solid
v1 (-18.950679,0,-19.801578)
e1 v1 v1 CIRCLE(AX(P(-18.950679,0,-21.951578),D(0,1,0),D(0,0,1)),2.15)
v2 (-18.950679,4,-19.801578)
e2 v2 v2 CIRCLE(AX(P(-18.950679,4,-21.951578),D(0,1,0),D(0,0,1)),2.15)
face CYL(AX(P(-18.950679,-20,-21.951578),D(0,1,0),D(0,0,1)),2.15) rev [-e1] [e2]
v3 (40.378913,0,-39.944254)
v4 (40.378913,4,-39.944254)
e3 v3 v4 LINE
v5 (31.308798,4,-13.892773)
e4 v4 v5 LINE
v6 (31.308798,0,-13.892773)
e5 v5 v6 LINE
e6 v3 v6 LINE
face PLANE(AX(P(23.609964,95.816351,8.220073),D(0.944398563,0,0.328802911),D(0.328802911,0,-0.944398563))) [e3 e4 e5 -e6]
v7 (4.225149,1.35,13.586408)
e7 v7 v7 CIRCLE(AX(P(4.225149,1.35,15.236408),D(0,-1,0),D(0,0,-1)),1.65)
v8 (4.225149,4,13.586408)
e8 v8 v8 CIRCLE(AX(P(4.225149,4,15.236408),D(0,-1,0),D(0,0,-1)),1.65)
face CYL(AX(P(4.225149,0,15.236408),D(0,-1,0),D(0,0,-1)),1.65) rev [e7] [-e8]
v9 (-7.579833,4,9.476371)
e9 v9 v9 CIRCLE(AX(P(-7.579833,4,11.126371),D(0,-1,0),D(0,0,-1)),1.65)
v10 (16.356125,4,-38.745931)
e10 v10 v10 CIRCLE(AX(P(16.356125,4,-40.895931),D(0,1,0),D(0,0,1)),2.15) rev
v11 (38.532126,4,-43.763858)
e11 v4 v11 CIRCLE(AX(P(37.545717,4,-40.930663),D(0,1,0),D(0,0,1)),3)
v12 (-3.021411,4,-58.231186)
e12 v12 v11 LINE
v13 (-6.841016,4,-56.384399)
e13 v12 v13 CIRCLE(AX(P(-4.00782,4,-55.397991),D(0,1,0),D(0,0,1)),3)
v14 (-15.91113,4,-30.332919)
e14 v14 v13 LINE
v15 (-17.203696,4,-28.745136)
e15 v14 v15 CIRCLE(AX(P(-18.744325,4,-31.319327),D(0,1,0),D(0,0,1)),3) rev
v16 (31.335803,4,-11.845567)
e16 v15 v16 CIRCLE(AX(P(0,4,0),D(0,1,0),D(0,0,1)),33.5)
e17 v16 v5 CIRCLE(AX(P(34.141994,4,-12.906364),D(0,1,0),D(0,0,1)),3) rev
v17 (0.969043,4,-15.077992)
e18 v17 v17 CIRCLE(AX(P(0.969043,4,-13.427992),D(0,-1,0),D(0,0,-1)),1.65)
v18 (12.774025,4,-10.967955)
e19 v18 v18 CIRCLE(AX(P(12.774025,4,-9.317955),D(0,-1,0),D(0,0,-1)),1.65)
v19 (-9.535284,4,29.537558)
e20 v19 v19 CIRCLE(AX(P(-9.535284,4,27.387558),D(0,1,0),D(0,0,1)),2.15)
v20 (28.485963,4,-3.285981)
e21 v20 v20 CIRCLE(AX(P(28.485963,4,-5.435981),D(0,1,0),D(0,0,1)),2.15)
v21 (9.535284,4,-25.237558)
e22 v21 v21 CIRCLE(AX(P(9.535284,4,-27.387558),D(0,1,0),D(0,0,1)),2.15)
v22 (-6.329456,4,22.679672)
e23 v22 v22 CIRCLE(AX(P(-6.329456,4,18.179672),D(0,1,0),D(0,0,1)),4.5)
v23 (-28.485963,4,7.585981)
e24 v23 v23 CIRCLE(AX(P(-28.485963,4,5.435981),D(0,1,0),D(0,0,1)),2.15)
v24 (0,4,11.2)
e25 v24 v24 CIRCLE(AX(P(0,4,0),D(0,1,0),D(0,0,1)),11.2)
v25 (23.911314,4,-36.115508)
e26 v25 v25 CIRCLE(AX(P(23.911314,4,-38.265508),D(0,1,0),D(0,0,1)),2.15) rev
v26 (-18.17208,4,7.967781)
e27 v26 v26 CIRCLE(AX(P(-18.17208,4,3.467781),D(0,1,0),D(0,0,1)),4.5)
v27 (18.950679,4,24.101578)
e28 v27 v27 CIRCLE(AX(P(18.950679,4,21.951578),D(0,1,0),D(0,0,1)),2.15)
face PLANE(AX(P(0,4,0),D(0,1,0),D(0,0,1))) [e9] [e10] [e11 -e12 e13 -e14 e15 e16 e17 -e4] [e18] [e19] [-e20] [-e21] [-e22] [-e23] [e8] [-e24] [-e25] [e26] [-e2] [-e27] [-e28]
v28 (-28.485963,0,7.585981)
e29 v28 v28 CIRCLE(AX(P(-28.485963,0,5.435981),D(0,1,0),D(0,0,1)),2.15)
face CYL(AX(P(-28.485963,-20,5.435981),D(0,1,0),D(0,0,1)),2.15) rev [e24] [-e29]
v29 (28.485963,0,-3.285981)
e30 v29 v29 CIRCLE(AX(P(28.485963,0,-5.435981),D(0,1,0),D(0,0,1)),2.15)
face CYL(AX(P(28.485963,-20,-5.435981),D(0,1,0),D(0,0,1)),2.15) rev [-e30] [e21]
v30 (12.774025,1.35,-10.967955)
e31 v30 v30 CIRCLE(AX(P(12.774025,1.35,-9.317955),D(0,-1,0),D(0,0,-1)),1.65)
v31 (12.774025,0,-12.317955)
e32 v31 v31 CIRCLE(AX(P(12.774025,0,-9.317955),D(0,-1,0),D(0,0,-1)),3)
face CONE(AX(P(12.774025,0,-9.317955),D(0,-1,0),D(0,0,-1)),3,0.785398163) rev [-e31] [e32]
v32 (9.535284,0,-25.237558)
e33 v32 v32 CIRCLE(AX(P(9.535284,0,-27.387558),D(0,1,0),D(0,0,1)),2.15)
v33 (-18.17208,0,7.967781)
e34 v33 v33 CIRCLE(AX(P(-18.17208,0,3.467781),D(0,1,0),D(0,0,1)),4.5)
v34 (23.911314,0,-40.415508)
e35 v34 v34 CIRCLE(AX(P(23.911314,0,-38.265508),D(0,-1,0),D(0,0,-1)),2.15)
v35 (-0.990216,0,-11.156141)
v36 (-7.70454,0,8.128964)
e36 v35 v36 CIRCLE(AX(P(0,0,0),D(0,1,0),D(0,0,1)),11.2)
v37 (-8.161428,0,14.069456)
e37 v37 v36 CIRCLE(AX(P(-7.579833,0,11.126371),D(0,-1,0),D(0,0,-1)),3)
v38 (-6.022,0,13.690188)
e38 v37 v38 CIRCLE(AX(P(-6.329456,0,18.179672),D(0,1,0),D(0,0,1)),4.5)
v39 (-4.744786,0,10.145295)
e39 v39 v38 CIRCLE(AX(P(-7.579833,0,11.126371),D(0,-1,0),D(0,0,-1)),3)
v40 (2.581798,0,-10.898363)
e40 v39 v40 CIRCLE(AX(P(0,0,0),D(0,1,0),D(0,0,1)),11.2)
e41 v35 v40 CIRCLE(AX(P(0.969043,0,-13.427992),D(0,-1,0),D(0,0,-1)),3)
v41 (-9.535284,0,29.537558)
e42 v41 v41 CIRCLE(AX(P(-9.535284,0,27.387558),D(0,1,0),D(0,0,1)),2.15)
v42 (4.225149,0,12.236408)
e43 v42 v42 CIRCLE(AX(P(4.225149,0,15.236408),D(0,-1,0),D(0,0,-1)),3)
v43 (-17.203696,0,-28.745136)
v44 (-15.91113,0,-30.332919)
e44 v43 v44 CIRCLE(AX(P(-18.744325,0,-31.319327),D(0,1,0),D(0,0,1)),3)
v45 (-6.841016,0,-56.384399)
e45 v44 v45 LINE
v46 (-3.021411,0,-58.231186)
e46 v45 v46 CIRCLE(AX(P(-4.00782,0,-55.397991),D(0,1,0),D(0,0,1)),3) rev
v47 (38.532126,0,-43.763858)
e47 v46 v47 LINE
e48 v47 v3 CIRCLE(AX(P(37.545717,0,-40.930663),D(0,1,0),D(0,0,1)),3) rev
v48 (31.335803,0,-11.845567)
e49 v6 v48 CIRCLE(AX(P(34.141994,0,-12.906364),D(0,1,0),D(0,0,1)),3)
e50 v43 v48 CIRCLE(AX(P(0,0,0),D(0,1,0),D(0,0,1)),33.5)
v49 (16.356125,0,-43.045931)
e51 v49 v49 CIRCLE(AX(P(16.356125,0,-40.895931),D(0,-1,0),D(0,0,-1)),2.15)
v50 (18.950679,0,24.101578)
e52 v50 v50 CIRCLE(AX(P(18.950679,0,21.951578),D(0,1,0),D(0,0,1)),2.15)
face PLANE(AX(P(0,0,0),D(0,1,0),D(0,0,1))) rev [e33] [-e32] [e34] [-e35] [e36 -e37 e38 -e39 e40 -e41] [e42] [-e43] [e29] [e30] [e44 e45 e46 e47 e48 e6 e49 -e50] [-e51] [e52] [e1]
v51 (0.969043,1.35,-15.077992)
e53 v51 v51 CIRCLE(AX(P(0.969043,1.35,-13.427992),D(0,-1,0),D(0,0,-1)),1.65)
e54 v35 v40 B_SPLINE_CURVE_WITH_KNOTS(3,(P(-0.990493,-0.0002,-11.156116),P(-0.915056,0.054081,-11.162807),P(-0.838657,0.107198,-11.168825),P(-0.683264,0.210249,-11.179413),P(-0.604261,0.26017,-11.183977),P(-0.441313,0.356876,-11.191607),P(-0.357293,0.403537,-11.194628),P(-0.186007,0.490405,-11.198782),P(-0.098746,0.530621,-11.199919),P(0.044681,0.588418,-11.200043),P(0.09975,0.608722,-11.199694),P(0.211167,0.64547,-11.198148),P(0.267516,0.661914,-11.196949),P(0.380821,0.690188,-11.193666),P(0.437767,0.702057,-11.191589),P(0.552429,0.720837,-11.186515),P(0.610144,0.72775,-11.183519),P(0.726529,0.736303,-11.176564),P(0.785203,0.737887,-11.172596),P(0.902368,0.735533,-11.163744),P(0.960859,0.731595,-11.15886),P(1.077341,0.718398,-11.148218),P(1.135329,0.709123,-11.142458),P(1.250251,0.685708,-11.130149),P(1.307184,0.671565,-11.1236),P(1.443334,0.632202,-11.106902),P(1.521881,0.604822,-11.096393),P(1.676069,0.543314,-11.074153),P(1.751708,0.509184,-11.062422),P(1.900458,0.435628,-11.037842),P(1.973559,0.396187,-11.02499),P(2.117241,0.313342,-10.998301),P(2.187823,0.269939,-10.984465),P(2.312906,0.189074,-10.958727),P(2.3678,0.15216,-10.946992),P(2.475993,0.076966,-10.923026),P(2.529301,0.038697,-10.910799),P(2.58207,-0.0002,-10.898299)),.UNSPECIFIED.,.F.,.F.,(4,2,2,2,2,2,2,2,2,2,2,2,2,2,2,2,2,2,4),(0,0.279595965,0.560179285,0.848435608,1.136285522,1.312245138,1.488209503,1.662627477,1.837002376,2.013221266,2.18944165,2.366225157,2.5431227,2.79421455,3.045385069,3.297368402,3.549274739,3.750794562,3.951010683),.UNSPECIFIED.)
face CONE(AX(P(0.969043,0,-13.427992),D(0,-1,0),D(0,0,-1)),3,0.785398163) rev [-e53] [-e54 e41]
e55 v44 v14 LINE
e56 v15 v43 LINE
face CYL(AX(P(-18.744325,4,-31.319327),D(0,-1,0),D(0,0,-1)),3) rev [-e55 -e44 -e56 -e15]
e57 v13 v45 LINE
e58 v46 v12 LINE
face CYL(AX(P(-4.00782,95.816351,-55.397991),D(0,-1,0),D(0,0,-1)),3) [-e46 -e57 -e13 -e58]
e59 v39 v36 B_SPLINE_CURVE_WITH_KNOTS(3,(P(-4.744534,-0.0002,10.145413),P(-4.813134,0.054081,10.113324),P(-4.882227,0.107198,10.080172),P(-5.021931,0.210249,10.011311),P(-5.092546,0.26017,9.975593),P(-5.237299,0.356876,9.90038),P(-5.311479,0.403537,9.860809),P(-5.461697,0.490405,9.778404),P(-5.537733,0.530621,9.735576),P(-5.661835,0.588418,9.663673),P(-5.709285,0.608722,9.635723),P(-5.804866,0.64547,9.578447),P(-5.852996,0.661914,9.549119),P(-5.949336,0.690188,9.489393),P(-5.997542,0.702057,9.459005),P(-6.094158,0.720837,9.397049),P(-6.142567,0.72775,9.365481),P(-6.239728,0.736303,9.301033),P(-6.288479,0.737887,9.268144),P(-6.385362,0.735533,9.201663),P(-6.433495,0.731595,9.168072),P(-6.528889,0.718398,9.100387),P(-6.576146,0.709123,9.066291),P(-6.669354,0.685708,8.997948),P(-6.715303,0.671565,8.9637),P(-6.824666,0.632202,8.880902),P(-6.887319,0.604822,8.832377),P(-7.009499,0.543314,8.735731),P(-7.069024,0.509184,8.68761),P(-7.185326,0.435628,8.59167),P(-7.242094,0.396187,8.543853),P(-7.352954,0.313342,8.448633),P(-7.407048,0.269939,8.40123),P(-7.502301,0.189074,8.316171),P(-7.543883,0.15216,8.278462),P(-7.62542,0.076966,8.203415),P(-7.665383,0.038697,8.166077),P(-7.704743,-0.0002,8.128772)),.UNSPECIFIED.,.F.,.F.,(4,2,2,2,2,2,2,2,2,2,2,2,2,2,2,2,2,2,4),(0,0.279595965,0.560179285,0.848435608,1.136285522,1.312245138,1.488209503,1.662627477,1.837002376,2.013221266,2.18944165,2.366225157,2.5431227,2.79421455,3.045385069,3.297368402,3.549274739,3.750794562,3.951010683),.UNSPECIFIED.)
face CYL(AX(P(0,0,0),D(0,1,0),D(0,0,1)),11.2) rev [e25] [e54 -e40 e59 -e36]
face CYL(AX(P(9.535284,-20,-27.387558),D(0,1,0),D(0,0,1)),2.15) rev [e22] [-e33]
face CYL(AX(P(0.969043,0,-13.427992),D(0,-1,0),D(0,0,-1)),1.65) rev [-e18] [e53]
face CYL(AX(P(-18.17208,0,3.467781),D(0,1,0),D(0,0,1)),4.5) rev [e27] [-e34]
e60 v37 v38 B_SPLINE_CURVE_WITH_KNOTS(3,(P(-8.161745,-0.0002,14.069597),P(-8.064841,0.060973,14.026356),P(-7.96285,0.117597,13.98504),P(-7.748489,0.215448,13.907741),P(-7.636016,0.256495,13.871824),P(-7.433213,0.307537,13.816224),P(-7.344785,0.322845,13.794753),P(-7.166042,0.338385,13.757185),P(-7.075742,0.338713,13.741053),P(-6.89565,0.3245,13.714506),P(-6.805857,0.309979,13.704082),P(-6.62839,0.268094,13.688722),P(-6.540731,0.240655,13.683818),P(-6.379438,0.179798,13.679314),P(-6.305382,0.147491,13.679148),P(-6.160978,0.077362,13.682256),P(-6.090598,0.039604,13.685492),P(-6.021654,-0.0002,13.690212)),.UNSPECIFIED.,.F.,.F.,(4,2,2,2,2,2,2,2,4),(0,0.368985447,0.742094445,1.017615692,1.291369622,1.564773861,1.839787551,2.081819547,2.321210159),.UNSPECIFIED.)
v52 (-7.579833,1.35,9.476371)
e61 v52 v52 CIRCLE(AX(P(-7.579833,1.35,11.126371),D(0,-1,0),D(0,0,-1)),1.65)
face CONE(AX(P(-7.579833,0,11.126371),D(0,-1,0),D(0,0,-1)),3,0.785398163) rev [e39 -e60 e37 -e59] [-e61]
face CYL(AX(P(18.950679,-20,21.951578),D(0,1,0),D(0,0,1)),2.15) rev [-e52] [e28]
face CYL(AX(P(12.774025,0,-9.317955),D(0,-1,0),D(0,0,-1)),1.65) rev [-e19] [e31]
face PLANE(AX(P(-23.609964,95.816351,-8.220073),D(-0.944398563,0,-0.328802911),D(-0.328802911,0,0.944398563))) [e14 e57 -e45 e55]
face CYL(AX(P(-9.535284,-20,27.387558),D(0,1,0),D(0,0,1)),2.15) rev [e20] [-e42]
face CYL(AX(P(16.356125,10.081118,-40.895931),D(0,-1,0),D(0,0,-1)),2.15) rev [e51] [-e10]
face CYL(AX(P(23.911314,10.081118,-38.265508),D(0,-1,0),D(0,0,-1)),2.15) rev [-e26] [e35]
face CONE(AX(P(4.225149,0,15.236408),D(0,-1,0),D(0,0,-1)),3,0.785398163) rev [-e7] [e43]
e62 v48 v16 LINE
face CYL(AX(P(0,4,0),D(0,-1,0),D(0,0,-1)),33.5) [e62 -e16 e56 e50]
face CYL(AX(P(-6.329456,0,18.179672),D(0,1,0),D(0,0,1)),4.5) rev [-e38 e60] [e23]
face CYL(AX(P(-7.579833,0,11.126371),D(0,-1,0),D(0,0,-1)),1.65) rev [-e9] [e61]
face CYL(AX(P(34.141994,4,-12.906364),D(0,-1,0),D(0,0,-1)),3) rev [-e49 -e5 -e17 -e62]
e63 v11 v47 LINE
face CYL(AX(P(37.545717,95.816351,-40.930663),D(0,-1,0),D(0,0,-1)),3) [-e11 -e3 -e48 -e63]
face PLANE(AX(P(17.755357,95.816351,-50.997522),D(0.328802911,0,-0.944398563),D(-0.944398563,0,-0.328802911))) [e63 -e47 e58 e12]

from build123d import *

# Parameters (mm, degrees)
SKETCH_1_R                = 33.5
EXTRUDE_1_DEPTH           = 4
SKETCH_2_R                = 2.15
CUT_EXTRUDE_1_DEPTH       = 24
SKETCH_3_R                = 4.5
CUT_EXTRUDE_2_DEPTH       = 5
SKETCH_4_R                = 11.2
CUT_EXTRUDE_3_DEPTH       = 5
HOLE_WIZARD_1_D           = 3.3
HOLE_WIZARD_1_CSINK_D     = 6
HOLE_WIZARD_1_CSINK_ANGLE = 90
SKETCH_9_R                = 2.15
SKETCH_9_R_2              = 4.5
SKETCH_9_R_3              = 3
EXTRUDE_2_DEPTH           = 4
SKETCH_10_R               = 2.15
CUT_EXTRUDE_4_DEPTH       = 4
FILLET_1_R                = 3


with BuildPart() as part:
    # 草图1 → 凸台-拉伸1 (new body)
    with BuildSketch(Plane(origin=(0, 0, 0), x_dir=(1, 0, 0), z_dir=(0, 1, 0))):
        Circle(SKETCH_1_R)
    extrude(amount=EXTRUDE_1_DEPTH)

    # 草图2 → 切除-拉伸1 (cut)
    with BuildSketch(Plane(origin=(0, 4, 0), x_dir=(1, 0, 0), z_dir=(0, 1, 0))):
        with Locations((-18.950679053, 21.951577698)):
            Circle(SKETCH_2_R)
        with Locations((9.535284413, 27.387558328)):
            Circle(SKETCH_2_R)
        with Locations((28.485963466, 5.43598063)):
            Circle(SKETCH_2_R)
        with Locations((18.950679053, -21.951577698)):
            Circle(SKETCH_2_R)
        with Locations((-9.535284413, -27.387558328)):
            Circle(SKETCH_2_R)
        with Locations((-28.485963466, -5.43598063)):
            Circle(SKETCH_2_R)
    extrude(amount=-CUT_EXTRUDE_1_DEPTH, mode=Mode.SUBTRACT)

    # 草图3 → 切除-拉伸2 (cut, through all)
    with BuildSketch(Plane(origin=(0, 4, 0), x_dir=(1, 0, 0), z_dir=(0, 1, 0))):
        with Locations((-18.172080142, -3.467780747)):
            Circle(SKETCH_3_R)
        with Locations((-6.329456033, -18.179672338)):
            Circle(SKETCH_3_R)
    extrude(amount=-CUT_EXTRUDE_2_DEPTH, mode=Mode.SUBTRACT)

    # 草图4 → 切除-拉伸3 (cut, through all)
    with BuildSketch(Plane(origin=(0, 4, 0), x_dir=(1, 0, 0), z_dir=(0, 1, 0))):
        Circle(SKETCH_4_R)
    extrude(amount=-CUT_EXTRUDE_3_DEPTH, mode=Mode.SUBTRACT)

    # 孔1 (through all)
    with Locations(Plane(origin=(12.774024908, 0, -9.317955122), x_dir=(0, 0, -1), z_dir=(0, -1, 0))):
        with Locations((0, 0), (4.110036385, -11.804982038), (-24.554362639, -8.548875681), (-20.444326254, -20.353857719)):
            CounterSinkHole(HOLE_WIZARD_1_D / 2, HOLE_WIZARD_1_CSINK_D / 2, counter_sink_angle=HOLE_WIZARD_1_CSINK_ANGLE)

    # 草图9 → 凸台-拉伸2 (add)
    with BuildSketch(Plane.XZ):
        with BuildLine():
            ThreePointArc((30.94197409, -12.839168175), (11.014897512, -31.637351862), (-16.277954062, -29.279313714))
            Line((-16.277954062, -29.279313714), (-5.854606893, -59.217595173))
            Line((-5.854606893, -59.217595173), (41.365321259, -42.777449634))
            Line((41.365321259, -42.777449634), (30.94197409, -12.839168175))
        make_face()
        with BuildLine():
            Line((-19.548240775, -19.886288375), (-23.609964076, -8.22007277))
            Line((-23.609964076, -8.22007277), (-10.577263906, -3.682592601))
            ThreePointArc((-10.577263906, -3.682592601), (-10.882752845, 2.646826497), (-7.704540242, 8.128964243))
            ThreePointArc((-7.704540242, 8.128964243), (-10.570999096, 10.896318406), (-8.161427671, 14.069455809))
            ThreePointArc((-8.161427671, 14.069455809), (-5.543963925, 22.610586708), (-6.021999809, 13.690187884))
            ThreePointArc((-6.021999809, 13.690187884), (-4.757437603, 12.143270974), (-4.744786266, 10.145294638))
            ThreePointArc((-4.744786266, 10.145294638), (4.352709301, 10.319589223), (10.577263906, 3.682592601))
            Line((10.577263906, 3.682592601), (23.609964076, 8.22007277))
            Line((23.609964076, 8.22007277), (27.671687377, -3.446142835))
            ThreePointArc((27.671687377, -3.446142835), (29.684255252, -3.650876488), (30.635963466, -5.43598063))
            ThreePointArc((30.635963466, -5.43598063), (30.204575944, -6.727828589), (29.083525188, -7.501269953))
            Line((29.083525188, -7.501269953), (30.94197409, -12.839168175))
            ThreePointArc((30.94197409, -12.839168175), (32.854270134, -6.545756946), (33.5, 0))
            ThreePointArc((33.5, 0), (-16.984383105, 28.875261566), (-16.277954062, -29.279313714))
            Line((-16.277954062, -29.279313714), (-18.136402964, -23.941415493))
            ThreePointArc((-18.136402964, -23.941415493), (-20.981135964, -22.658503956), (-19.548240775, -19.886288375))
        make_face()
        with Locations((-28.485963466, 5.43598063)):
            Circle(SKETCH_9_R, mode=Mode.SUBTRACT)
        with Locations((-18.172080142, 3.467780747)):
            Circle(SKETCH_9_R_2, mode=Mode.SUBTRACT)
        with Locations((-9.535284413, 27.387558328)):
            Circle(SKETCH_9_R, mode=Mode.SUBTRACT)
        with Locations((4.225149227, 15.236407517)):
            Circle(SKETCH_9_R_3, mode=Mode.SUBTRACT)
        with Locations((18.950679053, 21.951577698)):
            Circle(SKETCH_9_R, mode=Mode.SUBTRACT)
    extrude(amount=-EXTRUDE_2_DEPTH)

    # 草图10 → 切除-拉伸4 (cut)
    with BuildSketch(Plane.XZ):
        with Locations((16.356125201, -40.895930952)):
            Circle(SKETCH_10_R)
        with Locations((23.911313705, -38.265507665)):
            Circle(SKETCH_10_R)
    extrude(amount=-CUT_EXTRUDE_4_DEPTH, mode=Mode.SUBTRACT)

    # 圆角1
    fillet_1_edges = [part.edges().sort_by_distance(p)[0] for p in [
        (30.94197409, 2, -12.839168175),
        (-16.277954062, 2, -29.279313714),
        (-5.854606893, 2, -59.217595173),
        (41.365321259, 2, -42.777449634),
    ]]
    fillet(fillet_1_edges, radius=FILLET_1_R)


solid = part.part
